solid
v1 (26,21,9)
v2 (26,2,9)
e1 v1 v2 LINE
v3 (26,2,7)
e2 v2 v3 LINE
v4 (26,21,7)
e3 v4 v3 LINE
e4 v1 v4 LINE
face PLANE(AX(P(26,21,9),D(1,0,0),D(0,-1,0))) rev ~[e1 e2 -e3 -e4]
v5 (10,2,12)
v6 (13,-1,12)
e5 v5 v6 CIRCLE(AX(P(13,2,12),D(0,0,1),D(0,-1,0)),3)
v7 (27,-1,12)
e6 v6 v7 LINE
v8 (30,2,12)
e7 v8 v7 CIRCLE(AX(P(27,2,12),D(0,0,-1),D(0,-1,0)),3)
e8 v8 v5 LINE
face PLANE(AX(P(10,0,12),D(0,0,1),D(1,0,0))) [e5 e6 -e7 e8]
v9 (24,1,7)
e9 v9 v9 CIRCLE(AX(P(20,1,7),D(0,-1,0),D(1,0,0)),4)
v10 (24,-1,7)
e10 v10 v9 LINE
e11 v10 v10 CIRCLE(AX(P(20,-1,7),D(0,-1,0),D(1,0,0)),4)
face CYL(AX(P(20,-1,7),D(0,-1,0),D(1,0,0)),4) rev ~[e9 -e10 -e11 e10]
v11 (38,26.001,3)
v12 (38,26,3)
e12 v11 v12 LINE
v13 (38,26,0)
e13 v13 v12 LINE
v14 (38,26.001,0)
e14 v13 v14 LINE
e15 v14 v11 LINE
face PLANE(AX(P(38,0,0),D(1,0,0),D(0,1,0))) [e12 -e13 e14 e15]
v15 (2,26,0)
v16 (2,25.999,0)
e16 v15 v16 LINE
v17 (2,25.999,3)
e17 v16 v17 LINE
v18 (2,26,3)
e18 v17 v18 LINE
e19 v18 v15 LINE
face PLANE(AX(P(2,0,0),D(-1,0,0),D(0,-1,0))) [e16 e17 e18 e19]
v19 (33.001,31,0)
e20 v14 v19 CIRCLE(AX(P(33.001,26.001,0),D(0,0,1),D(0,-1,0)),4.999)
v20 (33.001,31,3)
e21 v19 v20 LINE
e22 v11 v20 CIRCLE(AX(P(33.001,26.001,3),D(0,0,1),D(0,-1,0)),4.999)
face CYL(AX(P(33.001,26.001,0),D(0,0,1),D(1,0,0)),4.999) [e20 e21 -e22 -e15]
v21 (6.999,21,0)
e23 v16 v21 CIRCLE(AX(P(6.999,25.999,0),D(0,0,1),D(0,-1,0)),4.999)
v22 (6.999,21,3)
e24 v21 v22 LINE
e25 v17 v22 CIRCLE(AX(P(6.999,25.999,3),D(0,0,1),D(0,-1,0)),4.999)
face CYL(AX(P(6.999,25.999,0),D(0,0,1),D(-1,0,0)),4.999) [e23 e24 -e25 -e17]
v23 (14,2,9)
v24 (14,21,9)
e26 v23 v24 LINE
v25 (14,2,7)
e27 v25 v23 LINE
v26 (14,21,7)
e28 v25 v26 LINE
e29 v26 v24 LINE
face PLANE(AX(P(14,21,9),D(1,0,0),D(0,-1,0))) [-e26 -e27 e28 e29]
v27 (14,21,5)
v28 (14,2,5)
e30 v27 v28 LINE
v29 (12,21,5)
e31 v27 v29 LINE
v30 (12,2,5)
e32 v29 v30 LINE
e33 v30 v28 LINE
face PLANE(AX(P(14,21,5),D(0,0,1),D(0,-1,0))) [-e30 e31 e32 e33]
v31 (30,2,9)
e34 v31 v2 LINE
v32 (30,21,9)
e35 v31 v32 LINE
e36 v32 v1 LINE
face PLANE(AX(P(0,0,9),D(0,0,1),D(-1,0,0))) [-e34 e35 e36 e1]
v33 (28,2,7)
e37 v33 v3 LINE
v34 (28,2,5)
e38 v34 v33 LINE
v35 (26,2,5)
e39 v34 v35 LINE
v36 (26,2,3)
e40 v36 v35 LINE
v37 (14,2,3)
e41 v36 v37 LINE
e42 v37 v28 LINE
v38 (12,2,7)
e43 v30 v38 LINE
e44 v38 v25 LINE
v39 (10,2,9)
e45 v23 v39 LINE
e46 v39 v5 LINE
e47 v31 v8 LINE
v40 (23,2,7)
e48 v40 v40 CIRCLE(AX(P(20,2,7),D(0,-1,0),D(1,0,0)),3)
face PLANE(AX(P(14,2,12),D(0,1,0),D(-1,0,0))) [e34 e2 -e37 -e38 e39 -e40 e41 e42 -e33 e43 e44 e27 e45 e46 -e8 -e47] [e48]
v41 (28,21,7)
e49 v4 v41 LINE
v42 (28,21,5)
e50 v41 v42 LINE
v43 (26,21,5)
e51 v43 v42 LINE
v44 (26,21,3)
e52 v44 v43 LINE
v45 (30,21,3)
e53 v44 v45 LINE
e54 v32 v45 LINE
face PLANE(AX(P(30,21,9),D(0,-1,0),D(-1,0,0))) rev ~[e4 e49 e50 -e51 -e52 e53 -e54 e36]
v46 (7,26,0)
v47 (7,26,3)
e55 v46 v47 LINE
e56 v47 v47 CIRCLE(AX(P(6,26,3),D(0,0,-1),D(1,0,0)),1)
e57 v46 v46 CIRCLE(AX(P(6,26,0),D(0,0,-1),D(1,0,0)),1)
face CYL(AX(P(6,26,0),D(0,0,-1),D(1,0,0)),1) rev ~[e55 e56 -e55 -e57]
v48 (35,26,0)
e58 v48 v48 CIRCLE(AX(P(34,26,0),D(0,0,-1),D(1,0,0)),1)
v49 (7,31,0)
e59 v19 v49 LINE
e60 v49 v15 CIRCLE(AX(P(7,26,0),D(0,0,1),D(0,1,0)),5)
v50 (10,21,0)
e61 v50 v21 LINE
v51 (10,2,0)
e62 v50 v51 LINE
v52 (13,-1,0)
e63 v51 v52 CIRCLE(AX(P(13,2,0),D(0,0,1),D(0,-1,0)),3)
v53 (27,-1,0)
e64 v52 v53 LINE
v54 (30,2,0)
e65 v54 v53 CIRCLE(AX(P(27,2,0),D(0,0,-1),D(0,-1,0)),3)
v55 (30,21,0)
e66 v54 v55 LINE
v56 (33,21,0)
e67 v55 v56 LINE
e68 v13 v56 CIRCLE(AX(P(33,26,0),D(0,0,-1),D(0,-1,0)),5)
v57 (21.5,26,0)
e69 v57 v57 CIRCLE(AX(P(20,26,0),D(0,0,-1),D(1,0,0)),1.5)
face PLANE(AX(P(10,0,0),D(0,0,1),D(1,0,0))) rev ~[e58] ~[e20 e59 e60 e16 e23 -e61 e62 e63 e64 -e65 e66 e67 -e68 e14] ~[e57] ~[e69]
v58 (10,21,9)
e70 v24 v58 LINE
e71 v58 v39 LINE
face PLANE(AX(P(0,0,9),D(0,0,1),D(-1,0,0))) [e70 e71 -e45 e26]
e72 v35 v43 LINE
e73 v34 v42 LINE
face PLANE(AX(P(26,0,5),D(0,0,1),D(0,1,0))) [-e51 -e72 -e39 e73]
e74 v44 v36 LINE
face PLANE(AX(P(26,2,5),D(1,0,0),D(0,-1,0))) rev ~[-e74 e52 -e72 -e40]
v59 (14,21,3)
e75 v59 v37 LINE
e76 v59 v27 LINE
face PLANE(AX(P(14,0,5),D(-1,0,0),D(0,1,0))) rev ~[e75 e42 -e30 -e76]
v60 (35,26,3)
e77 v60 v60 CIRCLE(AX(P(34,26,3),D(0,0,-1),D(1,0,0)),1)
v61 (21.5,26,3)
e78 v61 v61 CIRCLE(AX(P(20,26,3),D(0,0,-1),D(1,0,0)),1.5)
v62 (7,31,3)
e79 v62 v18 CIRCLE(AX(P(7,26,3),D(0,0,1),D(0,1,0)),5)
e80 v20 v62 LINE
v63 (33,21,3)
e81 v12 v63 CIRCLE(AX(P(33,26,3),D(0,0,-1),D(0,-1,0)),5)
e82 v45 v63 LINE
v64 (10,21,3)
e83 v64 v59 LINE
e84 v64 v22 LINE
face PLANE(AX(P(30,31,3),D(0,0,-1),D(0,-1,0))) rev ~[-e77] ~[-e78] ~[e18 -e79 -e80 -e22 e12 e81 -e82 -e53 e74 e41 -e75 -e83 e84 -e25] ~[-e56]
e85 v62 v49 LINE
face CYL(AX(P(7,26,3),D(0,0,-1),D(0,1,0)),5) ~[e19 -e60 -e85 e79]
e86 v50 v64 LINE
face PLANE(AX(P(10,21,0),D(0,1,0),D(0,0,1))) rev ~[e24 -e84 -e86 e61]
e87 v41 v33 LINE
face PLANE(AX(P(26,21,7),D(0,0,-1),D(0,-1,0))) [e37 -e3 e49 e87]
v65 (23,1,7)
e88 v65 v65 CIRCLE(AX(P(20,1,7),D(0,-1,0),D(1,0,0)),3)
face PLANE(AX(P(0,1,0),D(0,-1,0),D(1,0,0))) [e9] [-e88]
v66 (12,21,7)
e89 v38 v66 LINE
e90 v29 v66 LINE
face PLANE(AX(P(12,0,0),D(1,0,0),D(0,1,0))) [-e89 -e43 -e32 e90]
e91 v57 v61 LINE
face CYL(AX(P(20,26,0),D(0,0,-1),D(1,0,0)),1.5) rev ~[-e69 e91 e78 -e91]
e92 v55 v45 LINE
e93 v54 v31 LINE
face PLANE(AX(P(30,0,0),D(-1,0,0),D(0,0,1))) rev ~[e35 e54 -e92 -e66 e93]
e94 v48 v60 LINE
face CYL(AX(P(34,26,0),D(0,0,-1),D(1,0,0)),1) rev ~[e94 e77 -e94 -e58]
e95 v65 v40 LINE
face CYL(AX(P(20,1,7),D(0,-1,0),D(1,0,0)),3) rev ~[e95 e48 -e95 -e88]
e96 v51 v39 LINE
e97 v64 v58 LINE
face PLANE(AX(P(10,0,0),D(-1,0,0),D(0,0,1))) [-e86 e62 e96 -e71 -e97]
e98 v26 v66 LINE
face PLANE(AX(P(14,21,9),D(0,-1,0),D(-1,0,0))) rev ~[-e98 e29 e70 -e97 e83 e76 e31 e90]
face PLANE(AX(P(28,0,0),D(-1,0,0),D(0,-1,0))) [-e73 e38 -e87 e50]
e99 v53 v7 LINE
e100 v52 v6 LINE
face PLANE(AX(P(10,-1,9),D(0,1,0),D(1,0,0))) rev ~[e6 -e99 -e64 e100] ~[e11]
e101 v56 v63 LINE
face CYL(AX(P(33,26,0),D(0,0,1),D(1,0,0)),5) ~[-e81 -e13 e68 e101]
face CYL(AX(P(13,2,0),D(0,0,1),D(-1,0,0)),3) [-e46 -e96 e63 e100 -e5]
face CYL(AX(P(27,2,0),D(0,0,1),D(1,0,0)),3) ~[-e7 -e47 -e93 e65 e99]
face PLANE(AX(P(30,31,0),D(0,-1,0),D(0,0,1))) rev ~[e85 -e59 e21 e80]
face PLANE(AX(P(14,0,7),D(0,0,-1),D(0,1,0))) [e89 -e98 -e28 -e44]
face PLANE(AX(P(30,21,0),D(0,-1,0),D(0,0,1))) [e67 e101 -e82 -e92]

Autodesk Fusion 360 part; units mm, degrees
sketch "Sketch1" plane through (0, 0, 0) normal (0, 0, 1) x (1, 0, 0)
  line L0 (0, 0) -> (35, 0)
  line L1 (35, 0) -> (35, 35)
  line L2 (35, 35) -> (0, 35)
  line L3 (0, 35) -> (0, 0)
  dimension "d1" = 35
  dimension "d2" = 35
extrude "Extrude1" add sketch "Sketch1" along normal blind 3
sketch "Sketch2" plane through (0, 0, 3) normal (0, 0, 1) x (-1, 0, 0)
  line L0 (0, -35) -> (0, 0)
  line L1 (0, 0) -> (-35, 0)
  line L2 (-35, 0) -> (-35, -35)
  line L3 (-35, -35) -> (0, -35)
  line L4 (-10, -35) -> (-35, -35)
  line L5 (-35, -35) -> (-35, -17.5)
  line L6 (-35, -17.5) -> (-10, -17.5)
  line L7 (-10, -17.5) -> (-10, -35)
  dimension "d5" = 25
  dimension "d6" = 17.5
extrude "Extrude2" cut sketch "Sketch2" against normal blind 3 contours L2 L3 L4 L5 L6 L7
sketch "Sketch6" plane through (0, 0, 3) normal (0, 0, 1) x (-1, 0, 0)
  line L0 (-35, -17.5) -> (-10, -17.5)
  line L1 (-10, -17.5) -> (-10, -35)
  line L2 (-10, -35) -> (0, -35)
  line L3 (0, -35) -> (0, 0)
  line L4 (0, 0) -> (-35, 0)
  line L5 (-35, 0) -> (-35, -17.5)
  line L6 (-10, -17.5) -> (-14, -17.5)
  line L7 (-14, -17.5) -> (-14, 0)
  line L8 (-14, 0) -> (-10, 0)
  line L9 (-10, 0) -> (-10, -17.5)
  dimension "d23" = 4
  dimension "d24" = 17.5
extrude "Extrude6" add sketch "Sketch6" along normal blind 6 contours L0 L4 L6 L7 L8 L9
extrude "Extrude7" cut 1 faces at (35, 5.8333, 1) along direction (-1, 0, 0) blind 5
sketch "Sketch7" plane through (0, 0, 3) normal (0, 0, 1) x (-1, 0, 0)
  line L0 (-30, 0) -> (-30, -17.5)
  line L1 (-30, -17.5) -> (-14, -17.5)
  line L2 (-14, -17.5) -> (-14, 0)
  line L3 (-14, 0) -> (-30, 0)
  line L4 (-30, -17.5) -> (-26, -17.5)
  line L5 (-26, -17.5) -> (-26, 0)
  line L6 (-26, 0) -> (-30, 0)
  line L7 (-30, 0) -> (-30, -17.5)
  dimension "d29" = 4
  dimension "d30" = 17.5
extrude "Extrude8" add sketch "Sketch7" along normal blind 6 contours L0 L1 L3 L4 L5 L6 L7
extrude "Extrude9" add 1 faces at (28.6667, 17.5, 4) along direction (0, 1, 0) blind 3.5
sketch "Sketch8" plane through (14, 0, 0) normal (1, 0, 0) x (0, 1, 0)
  line L0 (0, 3) -> (21, 3)
  line L1 (21, 3) -> (21, 9)
  line L2 (21, 9) -> (0, 9)
  line L3 (0, 9) -> (0, 3)
  line L4 (0, 7) -> (21, 7)
  line L5 (21, 7) -> (21, 5)
  line L6 (21, 5) -> (0, 5)
  line L7 (0, 5) -> (0, 7)
  dimension "d35" = 2
  dimension "d36" = 2
extrude "Extrude10" cut sketch "Sketch8" against normal blind 2 contours L1 L3 L4 L5 L6 L7
sketch "Sketch9" plane through (26, 0, 0) normal (-1, 0, 0) x (0, -1, 0)
  line L0 (-21, 3) -> (0, 3)
  line L1 (0, 3) -> (0, 9)
  line L2 (0, 9) -> (-21, 9)
  line L3 (-21, 9) -> (-21, 3)
  line L4 (-21, 7) -> (0, 7)
  line L5 (0, 7) -> (0, 5)
  line L6 (0, 5) -> (-21, 5)
  line L7 (-21, 5) -> (-21, 7)
  dimension "d39" = 2
  dimension "d40" = 2
extrude "Extrude11" cut sketch "Sketch9" against normal blind 2 contours L1 L3 L4 L5 L6 L7
sketch "Sketch10" plane through (0, 0, 5) normal (0, 0, 1) x (-1, 0, 0)
  line L0 (-26, -21) -> (-26, 0)
  line L1 (-26, 0) -> (-28, 0)
  line L2 (-28, 0) -> (-28, -21)
  line L3 (-28, -21) -> (-26, -21)
  line L4 (-26, 0) -> (-28, 0)
  line L5 (-28, 0) -> (-28, -2)
  line L6 (-28, -2) -> (-26, -2)
  line L7 (-26, -2) -> (-26, 0)
  dimension "d43" = 2
  dimension "d44" = 2
extrude "Extrude12" add sketch "Sketch10" along normal blind 2 contours L0 L1 L2 L4 L5 L6 L7
sketch "Sketch11" plane through (0, 0, 5) normal (0, 0, 1) x (-1, 0, 0)
  line L0 (-14, 0) -> (-14, -21)
  line L1 (-14, -21) -> (-12, -21)
  line L2 (-12, -21) -> (-12, 0)
  line L3 (-12, 0) -> (-14, 0)
  line L4 (-14, 0) -> (-12, 0)
  line L5 (-12, 0) -> (-12, -2)
  line L6 (-12, -2) -> (-14, -2)
  line L7 (-14, -2) -> (-14, 0)
  dimension "d47" = 2
  dimension "d48" = 2
extrude "Extrude13" add sketch "Sketch11" along normal blind 2 contours L0 L2 L3 L4 L5 L6 L7
sketch "Sketch14" plane through (0, 21, 0) normal (0, 1, 0) x (-1, 0, 0)
  line L0 (-26, 5) -> (-28, 5)
  line L1 (-28, 5) -> (-28, 7)
  line L2 (-28, 7) -> (-26, 7)
  line L3 (-26, 7) -> (-26, 9)
  line L4 (-26, 9) -> (-30, 9)
  line L5 (-30, 9) -> (-30, 0)
  line L6 (-30, 0) -> (-10, 0)
  line L7 (-10, 0) -> (-10, 3)
  line L8 (-10, 3) -> (-10, 9)
  line L9 (-10, 9) -> (-14, 9)
  line L10 (-14, 9) -> (-14, 7)
  line L11 (-14, 7) -> (-12, 7)
  line L12 (-12, 7) -> (-12, 5)
  line L13 (-12, 5) -> (-14, 5)
  line L14 (-14, 5) -> (-14, 3)
  line L15 (-14, 3) -> (-26, 3)
  line L16 (-26, 3) -> (-26, 5)
  line L17 (-10, 3) -> (-30, 3)
  line L18 (-30, 3) -> (-30, 0)
  line L19 (-30, 0) -> (-10, 0)
  line L20 (-10, 0) -> (-10, 3)
  dimension "d61" = 20
extrude "Extrude17" add sketch "Sketch14" along normal blind 10 contours L5 L6 L7 L15 L17 L18 L19 L20
extrude "Extrude18" cut 1 faces at (0, 23.3333, 1) along direction (1, 0, 0) blind 10
sketch "Sketch15" plane through (10, 0, 0) normal (-1, 0, 0) x (0, -1, 0)
  line L0 (0, 0) -> (0, 9)
  line L1 (0, 9) -> (-21, 9)
  line L2 (-21, 9) -> (-21, 3)
  line L3 (-21, 3) -> (-31, 3)
  line L4 (-31, 3) -> (-31, 0)
  line L5 (-31, 0) -> (0, 0)
  line L6 (-21, 3) -> (-31, 3)
  line L7 (-31, 3) -> (-31, 0)
  line L8 (-31, 0) -> (-21, 0)
  line L9 (-21, 0) -> (-21, 3)
extrude "Extrude19" add sketch "Sketch15" along normal blind 8 contours L3 L4 L5 L6 L7 L8 L9
sketch "Sketch16" plane through (30, 0, 0) normal (1, 0, 0) x (0, 1, 0)
  line L0 (21, 9) -> (0, 9)
  line L1 (0, 9) -> (0, 0)
  line L2 (0, 0) -> (31, 0)
  line L3 (31, 0) -> (31, 3)
  line L4 (31, 3) -> (21, 3)
  line L5 (21, 3) -> (21, 9)
  line L6 (21, 3) -> (31, 3)
  line L7 (31, 3) -> (31, 0)
  line L8 (31, 0) -> (21, 0)
  line L9 (21, 0) -> (21, 3)
  dimension "d68" = 10
extrude "Extrude20" add sketch "Sketch16" along normal blind 8 contours L2 L3 L4 L6 L7 L8 L9
sketch "Sketch17" plane through (0, 0, 0) normal (0, 0, -1) x (1, 0, 0)
  line L0 (10, 0) -> (10, -21)
  line L1 (10, -21) -> (2, -21)
  line L2 (2, -21) -> (2, -31)
  line L3 (2, -31) -> (38, -31)
  line L4 (38, -31) -> (38, -21)
  line L5 (38, -21) -> (30, -21)
  line L6 (30, -21) -> (30, 0)
  line L7 (30, 0) -> (10, 0)
  circle A0 centre (20, -26) radius 1.5
  dimension "d71" = 3
  dimension "d72" = 5
  dimension "d73" = 10
extrude "Extrude21" cut sketch "Sketch17" against normal blind 3 contours A0
sketch "Sketch18" plane through (0, 0, 0) normal (0, 0, -1) x (1, 0, 0)
  circle A0 centre (20, -26) radius 1.5
  line L0 (10, 0) -> (10, -21)
  line L1 (10, -21) -> (2, -21)
  line L2 (2, -21) -> (2, -31)
  line L3 (2, -31) -> (38, -31)
  line L4 (38, -31) -> (38, -21)
  line L5 (38, -21) -> (30, -21)
  line L6 (30, -21) -> (30, 0)
  line L7 (30, 0) -> (10, 0)
  circle A1 centre (6, -26) radius 1
  dimension "d76" = 2
  dimension "d77" = 14
extrude "Extrude22" cut sketch "Sketch18" against normal blind 3 contours A1
sketch "Sketch19" plane through (0, 0, 0) normal (0, 0, -1) x (1, 0, 0)
  circle A0 centre (6, -26) radius 1
  circle A1 centre (20, -26) radius 1.5
  line L0 (10, 0) -> (10, -21)
  line L1 (10, -21) -> (2, -21)
  line L2 (2, -21) -> (2, -31)
  line L3 (2, -31) -> (38, -31)
  line L4 (38, -31) -> (38, -21)
  line L5 (38, -21) -> (30, -21)
  line L6 (30, -21) -> (30, 0)
  line L7 (30, 0) -> (10, 0)
  circle A2 centre (34, -26) radius 1
  dimension "d80" = 2
  dimension "d81" = 14
  dimension "d82" = 5
extrude "Extrude23" cut sketch "Sketch19" against normal blind 3 contours A2
fillet "Fillet1" radius 5 1 edges at (38, 21, 1.5)
fillet "Fillet2" radius 5 1 edges at (38, 31, 1.5)
fillet "Fillet3" radius 5 1 edges at (2, 31, 1.5)
fillet "Fillet4" radius 5 1 edges at (2, 21, 1.5)
sketch "Sketch20" plane through (0, 0, 3) normal (0, 0, 1) x (-1, 0, 0)
  arc A0 (-7, -31) -> (-7, -21) centre (-7, -26) ccw
  line L0 (-7, -21) -> (-10, -21)
  line L1 (-10, -21) -> (-14, -21)
  line L2 (-14, -21) -> (-14, 0)
  line L3 (-14, 0) -> (-26, 0)
  line L4 (-26, 0) -> (-26, -21)
  line L5 (-26, -21) -> (-30, -21)
  line L6 (-30, -21) -> (-33, -21)
  arc A1 (-33, -21) -> (-33, -31) centre (-33, -26) ccw
  line L7 (-33, -31) -> (-7, -31)
  circle A2 centre (-34, -26) radius 1
  circle A3 centre (-6, -26) radius 1
  circle A4 centre (-20, -26) radius 1.5
  line L8 (-14, 0) -> (-26, 0)
  line L9 (-26, 0) -> (-26, -2)
  line L10 (-26, -2) -> (-14, -2)
  line L11 (-14, -2) -> (-14, 0)
  dimension "d93" = 2
extrude "Extrude24" add sketch "Sketch20" along normal blind 6 contours L2 L3 L4 L8 L9 L10 L11
extrude "Extrude25" add 1 faces at (28.6667, 7.6667, 9) along direction (0, 0, 1) blind 3
extrude "Extrude26" add 1 faces at (23.3333, 0, 8) along direction (0, -1, 0) blind 1
sketch "Sketch22" plane through (0, -1, 0) normal (0, -1, 0) x (1, 0, 0)
  line L0 (10, 12) -> (10, 0)
  line L1 (10, 0) -> (30, 0)
  line L2 (30, 0) -> (30, 12)
  line L3 (30, 12) -> (10, 12)
  circle A0 centre (20, 7) radius 4
  dimension "d104" = 8
  dimension "d105" = 5
  dimension "d106" = 10
extrude "Extrude27" cut sketch "Sketch22" against normal blind 2 contours A0
sketch "Sketch23" plane through (0, 1, 0) normal (0, -1, 0) x (1, 0, 0)
  circle A0 centre (20, 7) radius 4
  circle A1 centre (20, 7) radius 3
  dimension "d109" = 6
extrude "Extrude28" cut sketch "Sketch23" against normal blind 1 contours A1
sketch "Sketch24" plane through (0, 0, 12) normal (0, 0, 1) x (-1, 0, 0)
  line L0 (-30, 1) -> (-30, -21)
  line L1 (-30, -21) -> (-26, -21)
  line L2 (-26, -21) -> (-26, -2)
  line L3 (-26, -2) -> (-14, -2)
  line L4 (-14, -2) -> (-14, -21)
  line L5 (-14, -21) -> (-10, -21)
  line L6 (-10, -21) -> (-10, 1)
  line L7 (-10, 1) -> (-30, 1)
  line L8 (-26, -21) -> (-30, -21)
  line L9 (-30, -21) -> (-30, -2)
  line L10 (-30, -2) -> (-26, -2)
  line L11 (-26, -2) -> (-26, -21)
extrude "Extrude29" cut sketch "Sketch24" against normal blind 3 contours L0 L1 L2 L8 L9 L10 L11
sketch "Sketch25" plane through (0, 0, 12) normal (0, 0, 1) x (-1, 0, 0)
  line L0 (-30, -2) -> (-14, -2)
  line L1 (-14, -2) -> (-14, -21)
  line L2 (-14, -21) -> (-10, -21)
  line L3 (-10, -21) -> (-10, 1)
  line L4 (-10, 1) -> (-30, 1)
  line L5 (-30, 1) -> (-30, -2)
  line L6 (-10, -21) -> (-14, -21)
  line L7 (-14, -21) -> (-14, -2)
  line L8 (-14, -2) -> (-10, -2)
  line L9 (-10, -2) -> (-10, -21)
  dimension "d114" = 4
extrude "Extrude30" cut sketch "Sketch25" against normal blind 3 contours L1 L2 L3 L6 L7 L8 L9
fillet "Fillet5" radius 3 1 edges at (30, -1, 6)
fillet "Fillet6" radius 3 1 edges at (10, -1, 6)
